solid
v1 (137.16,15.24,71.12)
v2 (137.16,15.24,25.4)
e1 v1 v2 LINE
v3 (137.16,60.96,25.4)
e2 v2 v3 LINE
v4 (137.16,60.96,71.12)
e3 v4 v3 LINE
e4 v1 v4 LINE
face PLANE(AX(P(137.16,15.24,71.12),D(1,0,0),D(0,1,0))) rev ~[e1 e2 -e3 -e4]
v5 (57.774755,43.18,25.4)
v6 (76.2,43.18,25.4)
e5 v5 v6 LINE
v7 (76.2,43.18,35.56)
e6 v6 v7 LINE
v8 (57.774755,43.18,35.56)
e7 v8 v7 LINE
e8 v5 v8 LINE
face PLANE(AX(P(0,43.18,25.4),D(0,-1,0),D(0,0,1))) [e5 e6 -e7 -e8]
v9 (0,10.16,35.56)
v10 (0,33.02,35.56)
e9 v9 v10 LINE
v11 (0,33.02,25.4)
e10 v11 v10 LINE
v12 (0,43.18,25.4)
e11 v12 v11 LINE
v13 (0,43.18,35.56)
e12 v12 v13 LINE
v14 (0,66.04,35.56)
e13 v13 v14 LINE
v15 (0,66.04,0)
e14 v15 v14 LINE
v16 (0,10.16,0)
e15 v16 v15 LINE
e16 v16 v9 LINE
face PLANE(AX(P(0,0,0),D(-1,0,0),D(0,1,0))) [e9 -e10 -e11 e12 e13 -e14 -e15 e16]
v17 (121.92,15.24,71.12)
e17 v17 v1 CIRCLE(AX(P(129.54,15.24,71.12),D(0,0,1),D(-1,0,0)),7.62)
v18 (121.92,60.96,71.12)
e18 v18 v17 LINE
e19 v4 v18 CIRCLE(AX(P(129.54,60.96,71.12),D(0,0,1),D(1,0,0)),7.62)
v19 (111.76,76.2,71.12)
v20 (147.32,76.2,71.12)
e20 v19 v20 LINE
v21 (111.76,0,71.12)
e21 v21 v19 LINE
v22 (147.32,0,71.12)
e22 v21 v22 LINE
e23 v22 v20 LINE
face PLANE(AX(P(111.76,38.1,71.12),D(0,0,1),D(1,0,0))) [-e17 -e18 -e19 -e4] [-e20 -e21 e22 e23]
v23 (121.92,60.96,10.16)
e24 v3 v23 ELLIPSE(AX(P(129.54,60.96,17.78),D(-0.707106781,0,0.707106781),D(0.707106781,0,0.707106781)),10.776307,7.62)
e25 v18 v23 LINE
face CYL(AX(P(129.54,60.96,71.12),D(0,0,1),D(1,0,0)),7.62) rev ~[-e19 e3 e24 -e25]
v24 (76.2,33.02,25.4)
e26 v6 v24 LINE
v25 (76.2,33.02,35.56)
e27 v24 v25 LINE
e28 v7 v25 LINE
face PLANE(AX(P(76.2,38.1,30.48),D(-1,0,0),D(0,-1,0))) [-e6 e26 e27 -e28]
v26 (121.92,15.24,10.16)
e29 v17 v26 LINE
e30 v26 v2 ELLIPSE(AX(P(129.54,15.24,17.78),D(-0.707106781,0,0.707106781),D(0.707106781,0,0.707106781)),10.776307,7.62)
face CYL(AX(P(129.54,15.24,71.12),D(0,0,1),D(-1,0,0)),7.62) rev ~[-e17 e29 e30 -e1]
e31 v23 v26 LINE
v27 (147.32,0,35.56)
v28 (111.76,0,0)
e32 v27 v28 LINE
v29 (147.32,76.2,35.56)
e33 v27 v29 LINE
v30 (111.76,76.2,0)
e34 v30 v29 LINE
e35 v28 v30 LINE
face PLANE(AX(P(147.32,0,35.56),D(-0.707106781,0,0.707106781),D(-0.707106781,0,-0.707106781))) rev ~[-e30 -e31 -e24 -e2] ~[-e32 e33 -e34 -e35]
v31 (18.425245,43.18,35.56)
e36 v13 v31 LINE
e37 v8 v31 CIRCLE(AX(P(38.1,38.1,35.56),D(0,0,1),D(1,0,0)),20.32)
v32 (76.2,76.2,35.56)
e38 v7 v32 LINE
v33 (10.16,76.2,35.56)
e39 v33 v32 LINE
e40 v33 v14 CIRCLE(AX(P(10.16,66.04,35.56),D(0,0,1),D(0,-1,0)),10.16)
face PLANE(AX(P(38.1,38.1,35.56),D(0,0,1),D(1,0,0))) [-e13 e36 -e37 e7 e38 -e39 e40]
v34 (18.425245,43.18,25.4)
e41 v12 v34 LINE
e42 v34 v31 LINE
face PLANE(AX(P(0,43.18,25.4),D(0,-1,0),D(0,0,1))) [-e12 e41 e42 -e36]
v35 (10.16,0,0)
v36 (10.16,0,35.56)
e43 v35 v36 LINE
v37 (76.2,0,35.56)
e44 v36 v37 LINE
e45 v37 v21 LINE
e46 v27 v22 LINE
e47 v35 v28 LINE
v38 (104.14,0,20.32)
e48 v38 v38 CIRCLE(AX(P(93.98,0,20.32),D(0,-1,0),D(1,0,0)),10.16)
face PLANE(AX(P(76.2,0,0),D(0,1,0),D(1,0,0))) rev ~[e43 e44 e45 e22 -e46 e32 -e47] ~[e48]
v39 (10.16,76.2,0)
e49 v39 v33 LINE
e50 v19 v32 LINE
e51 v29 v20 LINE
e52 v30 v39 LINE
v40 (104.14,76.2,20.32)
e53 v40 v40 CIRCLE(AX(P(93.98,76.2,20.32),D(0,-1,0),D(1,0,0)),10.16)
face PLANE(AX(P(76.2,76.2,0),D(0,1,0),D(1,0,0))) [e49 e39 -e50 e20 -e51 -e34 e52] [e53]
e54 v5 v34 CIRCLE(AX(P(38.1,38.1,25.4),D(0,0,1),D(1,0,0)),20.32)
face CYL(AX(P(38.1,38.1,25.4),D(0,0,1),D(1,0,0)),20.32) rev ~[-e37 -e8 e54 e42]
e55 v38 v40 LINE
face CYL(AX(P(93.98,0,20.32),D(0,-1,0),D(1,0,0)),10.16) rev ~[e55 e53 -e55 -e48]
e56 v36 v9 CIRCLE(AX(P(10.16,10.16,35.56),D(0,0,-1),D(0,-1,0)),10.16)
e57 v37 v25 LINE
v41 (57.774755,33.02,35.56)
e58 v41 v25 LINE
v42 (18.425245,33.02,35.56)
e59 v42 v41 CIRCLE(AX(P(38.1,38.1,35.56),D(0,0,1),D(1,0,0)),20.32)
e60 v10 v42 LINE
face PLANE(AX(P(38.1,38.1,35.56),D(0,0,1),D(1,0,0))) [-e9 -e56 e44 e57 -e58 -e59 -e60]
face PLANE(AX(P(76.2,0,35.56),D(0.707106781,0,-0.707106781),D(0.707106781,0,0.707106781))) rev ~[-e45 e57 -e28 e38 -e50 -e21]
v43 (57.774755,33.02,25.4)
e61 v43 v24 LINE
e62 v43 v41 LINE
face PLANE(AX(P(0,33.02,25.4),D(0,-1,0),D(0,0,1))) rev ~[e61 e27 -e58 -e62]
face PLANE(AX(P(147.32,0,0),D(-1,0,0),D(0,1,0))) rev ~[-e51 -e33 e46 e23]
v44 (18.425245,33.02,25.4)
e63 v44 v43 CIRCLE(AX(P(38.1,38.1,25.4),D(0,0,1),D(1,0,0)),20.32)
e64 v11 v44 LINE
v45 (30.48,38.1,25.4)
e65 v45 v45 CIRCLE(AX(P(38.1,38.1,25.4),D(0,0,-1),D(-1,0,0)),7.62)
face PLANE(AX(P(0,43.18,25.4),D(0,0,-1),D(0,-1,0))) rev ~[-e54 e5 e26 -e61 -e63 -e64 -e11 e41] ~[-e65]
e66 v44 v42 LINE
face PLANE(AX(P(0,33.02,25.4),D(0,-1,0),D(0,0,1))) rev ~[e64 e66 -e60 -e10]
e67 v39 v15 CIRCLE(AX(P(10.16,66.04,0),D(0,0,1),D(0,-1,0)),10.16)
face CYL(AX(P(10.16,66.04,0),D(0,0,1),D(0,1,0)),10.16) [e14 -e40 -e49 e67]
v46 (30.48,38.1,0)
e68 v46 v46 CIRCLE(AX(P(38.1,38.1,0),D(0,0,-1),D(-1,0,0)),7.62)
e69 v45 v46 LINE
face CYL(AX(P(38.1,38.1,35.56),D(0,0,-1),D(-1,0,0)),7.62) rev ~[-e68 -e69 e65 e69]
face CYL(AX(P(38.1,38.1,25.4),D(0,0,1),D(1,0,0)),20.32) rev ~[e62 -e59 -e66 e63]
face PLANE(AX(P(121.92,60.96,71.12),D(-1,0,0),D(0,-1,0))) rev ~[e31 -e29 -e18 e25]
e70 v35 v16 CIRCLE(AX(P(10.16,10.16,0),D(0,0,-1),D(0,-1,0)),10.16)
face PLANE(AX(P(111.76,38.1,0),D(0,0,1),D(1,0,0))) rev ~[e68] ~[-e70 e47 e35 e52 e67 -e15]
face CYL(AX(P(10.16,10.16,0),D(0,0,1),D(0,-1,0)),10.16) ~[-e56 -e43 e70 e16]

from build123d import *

# Parameters (mm, degrees)
F0_W            = 76.2
F0_H            = 76.2
F1_DEPTH        = 35.56
F0_W_2          = 71.12
F2_DEPTH        = 71.12
F4_DEPTH        = 76.201
F5_R            = 10.16
F6_DEPTH        = 76.201
F8_DEPTH        = 71.121
F10_D           = 15.24
F10_CBORE_D     = 40.64
F10_CBORE_DEPTH = 10.16
F11_W           = 10.16
F11_H           = 10.16
F12_DEPTH       = 76.2
F13_R           = 10.16


with BuildPart() as f1:
    # F0 (on Top) → F1 (new body)
    with BuildSketch(Plane.XY):
        with Locations((38.1, 38.1)):
            Rectangle(F0_W, F0_H)
    extrude(amount=F1_DEPTH)

    # F0 (on Top) → F2 (join)
    with BuildSketch(Plane.XY):
        with Locations((111.76, 38.1)):
            Rectangle(F0_W_2, F0_H)
    extrude(amount=F2_DEPTH)

    # F3 (on face) → F4 (cut, through all)
    with BuildSketch(Plane.XZ):
        Polygon((76.2, 35.56), (111.76, 71.12), (76.2, 71.12), align=None)
        Polygon((111.76, 0), (147.32, 0), (147.32, 35.56), align=None)
    extrude(amount=-F4_DEPTH, mode=Mode.SUBTRACT)

    # F5 (on face) → F6 (cut, through all)
    with BuildSketch(Plane.XZ):
        with Locations((93.98, 20.32)):
            Circle(F5_R)
    extrude(amount=-F6_DEPTH, mode=Mode.SUBTRACT)

    # F7 (on face) → F8 (cut, through all)
    with BuildSketch(Plane.XY.offset(71.12)):
        with BuildLine():
            ThreePointArc((137.16, 60.96), (129.54, 68.58), (121.92, 60.96))
            Line((121.92, 60.96), (121.92, 15.24))
            ThreePointArc((121.92, 15.24), (129.54, 7.62), (137.16, 15.24))
            Line((137.16, 15.24), (137.16, 60.96))
        make_face()
    extrude(amount=-F8_DEPTH, mode=Mode.SUBTRACT)

    # F10 (through all)
    with Locations(Plane.XY.offset(35.56)):
        with Locations((38.1, 38.1)):
            CounterBoreHole(F10_D / 2, F10_CBORE_D / 2, F10_CBORE_DEPTH)

    # F11 (on face) → F12 (cut)
    with BuildSketch(Plane(origin=(0, 0, 0), x_dir=(0, -1, 0), z_dir=(-1, 0, 0))):
        with Locations((-38.1, 30.48)):
            Rectangle(F11_W, F11_H)
    extrude(amount=-F12_DEPTH, mode=Mode.SUBTRACT)

    # F13
    f13_edges = [f1.edges().sort_by_distance(p)[0] for p in [
        (0, 76.2, 17.78),
        (0, 0, 17.78),
    ]]
    fillet(f13_edges, radius=F13_R)


solid = f1.part
